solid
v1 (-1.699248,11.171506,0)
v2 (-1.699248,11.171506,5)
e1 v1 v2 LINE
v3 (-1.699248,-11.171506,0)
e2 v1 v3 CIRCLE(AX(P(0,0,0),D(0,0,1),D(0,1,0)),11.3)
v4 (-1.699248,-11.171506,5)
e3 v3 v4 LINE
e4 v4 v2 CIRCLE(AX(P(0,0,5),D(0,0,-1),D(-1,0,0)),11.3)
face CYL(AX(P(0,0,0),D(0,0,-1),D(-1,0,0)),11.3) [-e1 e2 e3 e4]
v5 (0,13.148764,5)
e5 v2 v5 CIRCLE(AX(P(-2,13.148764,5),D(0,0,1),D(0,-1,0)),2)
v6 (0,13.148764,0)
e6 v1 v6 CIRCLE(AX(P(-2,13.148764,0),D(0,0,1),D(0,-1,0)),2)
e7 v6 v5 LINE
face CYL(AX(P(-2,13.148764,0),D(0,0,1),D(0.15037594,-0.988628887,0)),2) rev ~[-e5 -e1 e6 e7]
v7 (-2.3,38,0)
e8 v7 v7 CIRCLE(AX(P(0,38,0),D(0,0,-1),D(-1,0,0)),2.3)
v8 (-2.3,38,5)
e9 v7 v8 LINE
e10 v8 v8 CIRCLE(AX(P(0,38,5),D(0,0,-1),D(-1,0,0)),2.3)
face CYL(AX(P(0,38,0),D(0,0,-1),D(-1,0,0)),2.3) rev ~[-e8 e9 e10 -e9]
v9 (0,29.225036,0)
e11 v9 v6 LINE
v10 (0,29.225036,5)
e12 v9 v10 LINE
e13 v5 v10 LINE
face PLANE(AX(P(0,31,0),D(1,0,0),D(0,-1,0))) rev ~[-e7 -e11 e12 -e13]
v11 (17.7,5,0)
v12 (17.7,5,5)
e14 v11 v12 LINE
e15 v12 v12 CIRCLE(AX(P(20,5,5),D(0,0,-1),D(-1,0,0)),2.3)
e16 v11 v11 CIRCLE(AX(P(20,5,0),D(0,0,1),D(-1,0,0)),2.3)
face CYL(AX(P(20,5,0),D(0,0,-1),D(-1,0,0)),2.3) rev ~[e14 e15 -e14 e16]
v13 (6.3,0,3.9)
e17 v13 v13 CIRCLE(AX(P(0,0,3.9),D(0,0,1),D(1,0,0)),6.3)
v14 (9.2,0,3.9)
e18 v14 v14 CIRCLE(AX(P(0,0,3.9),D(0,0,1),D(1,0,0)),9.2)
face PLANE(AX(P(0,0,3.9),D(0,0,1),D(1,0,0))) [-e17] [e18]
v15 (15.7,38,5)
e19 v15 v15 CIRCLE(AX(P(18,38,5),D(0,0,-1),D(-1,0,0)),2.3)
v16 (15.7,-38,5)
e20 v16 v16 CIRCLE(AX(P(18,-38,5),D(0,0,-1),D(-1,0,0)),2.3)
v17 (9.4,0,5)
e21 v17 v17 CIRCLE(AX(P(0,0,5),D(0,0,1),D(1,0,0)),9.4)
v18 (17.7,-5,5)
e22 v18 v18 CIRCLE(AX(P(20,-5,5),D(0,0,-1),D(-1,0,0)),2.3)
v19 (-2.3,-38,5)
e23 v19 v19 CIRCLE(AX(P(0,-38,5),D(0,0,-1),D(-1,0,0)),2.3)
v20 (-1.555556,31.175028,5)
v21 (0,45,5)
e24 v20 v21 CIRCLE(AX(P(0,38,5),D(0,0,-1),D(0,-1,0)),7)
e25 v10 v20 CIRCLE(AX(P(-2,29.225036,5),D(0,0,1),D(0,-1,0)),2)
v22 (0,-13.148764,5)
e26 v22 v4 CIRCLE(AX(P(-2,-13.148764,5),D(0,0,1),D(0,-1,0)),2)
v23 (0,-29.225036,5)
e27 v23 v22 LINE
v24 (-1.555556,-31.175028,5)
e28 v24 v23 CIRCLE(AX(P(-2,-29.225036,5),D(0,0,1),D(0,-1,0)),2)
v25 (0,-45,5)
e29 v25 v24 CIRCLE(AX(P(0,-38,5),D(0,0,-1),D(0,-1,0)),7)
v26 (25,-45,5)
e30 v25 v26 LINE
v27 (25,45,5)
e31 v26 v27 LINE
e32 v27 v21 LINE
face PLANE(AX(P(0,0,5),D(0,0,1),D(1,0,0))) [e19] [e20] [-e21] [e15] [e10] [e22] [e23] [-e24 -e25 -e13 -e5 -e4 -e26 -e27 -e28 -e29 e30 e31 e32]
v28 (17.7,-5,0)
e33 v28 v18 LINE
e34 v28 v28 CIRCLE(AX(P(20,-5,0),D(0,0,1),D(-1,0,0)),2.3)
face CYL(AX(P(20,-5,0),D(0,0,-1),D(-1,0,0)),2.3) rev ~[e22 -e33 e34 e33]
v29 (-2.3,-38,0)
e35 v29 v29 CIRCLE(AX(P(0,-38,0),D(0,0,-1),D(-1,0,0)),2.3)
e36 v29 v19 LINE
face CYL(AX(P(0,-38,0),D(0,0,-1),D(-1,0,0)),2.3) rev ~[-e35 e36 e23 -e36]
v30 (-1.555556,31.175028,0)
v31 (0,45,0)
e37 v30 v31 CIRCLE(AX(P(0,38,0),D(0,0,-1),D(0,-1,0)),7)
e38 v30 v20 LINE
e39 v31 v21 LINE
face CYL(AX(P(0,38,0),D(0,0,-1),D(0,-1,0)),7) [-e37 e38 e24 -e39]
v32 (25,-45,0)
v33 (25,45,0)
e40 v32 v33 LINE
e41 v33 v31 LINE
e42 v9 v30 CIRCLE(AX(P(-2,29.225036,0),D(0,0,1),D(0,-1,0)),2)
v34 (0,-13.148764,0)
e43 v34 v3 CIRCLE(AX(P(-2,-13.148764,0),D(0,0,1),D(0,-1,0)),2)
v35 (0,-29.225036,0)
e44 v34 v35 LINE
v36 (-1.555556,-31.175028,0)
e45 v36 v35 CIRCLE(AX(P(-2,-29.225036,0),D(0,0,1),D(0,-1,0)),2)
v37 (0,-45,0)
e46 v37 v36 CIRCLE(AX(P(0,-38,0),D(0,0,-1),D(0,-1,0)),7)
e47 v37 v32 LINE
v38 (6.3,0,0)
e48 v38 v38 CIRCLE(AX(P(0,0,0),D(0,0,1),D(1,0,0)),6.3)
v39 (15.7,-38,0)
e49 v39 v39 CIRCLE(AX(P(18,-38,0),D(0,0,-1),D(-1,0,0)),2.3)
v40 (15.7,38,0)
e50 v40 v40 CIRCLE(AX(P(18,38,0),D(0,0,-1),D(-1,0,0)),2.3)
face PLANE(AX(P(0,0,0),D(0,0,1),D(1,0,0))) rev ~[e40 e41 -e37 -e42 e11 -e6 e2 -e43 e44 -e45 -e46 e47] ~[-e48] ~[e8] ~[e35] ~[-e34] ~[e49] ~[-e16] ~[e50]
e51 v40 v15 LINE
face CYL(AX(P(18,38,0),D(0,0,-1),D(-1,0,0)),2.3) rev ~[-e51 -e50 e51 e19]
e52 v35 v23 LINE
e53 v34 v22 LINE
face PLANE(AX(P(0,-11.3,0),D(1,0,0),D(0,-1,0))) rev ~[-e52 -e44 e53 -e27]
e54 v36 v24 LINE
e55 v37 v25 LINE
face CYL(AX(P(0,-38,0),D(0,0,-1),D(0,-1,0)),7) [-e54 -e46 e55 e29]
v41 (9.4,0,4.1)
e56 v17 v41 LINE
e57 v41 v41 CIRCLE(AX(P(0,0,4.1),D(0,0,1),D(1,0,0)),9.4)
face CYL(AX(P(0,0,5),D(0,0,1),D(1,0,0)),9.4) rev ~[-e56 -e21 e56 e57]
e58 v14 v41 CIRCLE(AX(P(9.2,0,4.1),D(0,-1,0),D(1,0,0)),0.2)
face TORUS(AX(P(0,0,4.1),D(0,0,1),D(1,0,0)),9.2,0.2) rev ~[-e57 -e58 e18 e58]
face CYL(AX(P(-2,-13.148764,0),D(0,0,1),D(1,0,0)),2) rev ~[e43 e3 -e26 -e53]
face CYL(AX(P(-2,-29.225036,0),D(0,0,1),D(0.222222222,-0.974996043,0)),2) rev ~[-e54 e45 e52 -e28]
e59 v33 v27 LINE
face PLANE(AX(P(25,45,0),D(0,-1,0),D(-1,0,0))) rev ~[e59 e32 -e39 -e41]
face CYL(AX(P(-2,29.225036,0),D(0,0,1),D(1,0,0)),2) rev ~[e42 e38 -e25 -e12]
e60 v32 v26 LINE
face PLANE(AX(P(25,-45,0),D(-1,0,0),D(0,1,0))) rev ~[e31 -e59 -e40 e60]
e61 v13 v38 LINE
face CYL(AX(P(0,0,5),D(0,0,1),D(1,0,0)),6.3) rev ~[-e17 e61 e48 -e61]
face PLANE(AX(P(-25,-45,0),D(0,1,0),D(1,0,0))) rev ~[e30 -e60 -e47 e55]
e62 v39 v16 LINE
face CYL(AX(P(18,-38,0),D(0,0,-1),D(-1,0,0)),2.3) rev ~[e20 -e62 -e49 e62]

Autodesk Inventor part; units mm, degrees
ref_plane "YZ Plane" through (0, 0, 0) normal (1, 0, 0) x (0, 1, 0)
ref_plane "XZ Plane" through (0, 0, 0) normal (0, 1, 0) x (-1, 0, 0)
ref_plane "XY Plane" through (0, 0, 0) normal (0, 0, 1) x (1, 0, 0)
sketch "Sketch1" plane through (0, 0, 0) normal (0, 0, 1) x (1, 0, 0)
  circle A0 centre (0, 0) radius 20
  line L0 (-25, -45) -> (25, -45)
  line L1 (25, -45) -> (25, 45)
  line L2 (25, 45) -> (-25, 45)
  line L3 (-25, 45) -> (-25, -45)
  point P0 (-20, 0)
  point P1 (20, 0)
  dimension "d0" = 40
  dimension "d17" = 90
  dimension "d18" = 50
  dimension "d19" = 25
  dimension "d20" = 45
extrude "Extrusion1" add sketch "Sketch1" along normal blind 5 contours A0 | L3 L2 L1 L0
sketch "Sketch2" plane through (0, 0, 5) normal (0, 0, 1) x (1, 0, 0)
  line L0 (-25, 45) -> (-25, -45) projected
  line L1 (25, 45) -> (-25, 45) projected
  circle A0 centre (0, 0) radius 6.3
  dimension "d37" = 12.6
extrude "Extrusion2" cut sketch "Sketch2" against normal blind 5 from surface at 0
sketch "Sketch3" plane through (0, 0, 5) normal (0, 0, 1) x (1, 0, 0)
  circle A0 centre (0, 0) radius 4.5 projected
  circle A1 centre (0, 0) radius 9.4
  dimension "d6" = 18.8
extrude "Extrusion3" cut sketch "Sketch3" against normal blind 1.1
fillet "Fillet1" radius 0.2 1 edges at (-9.4, 0, 3.9)
sketch "Sketch4" plane through (0, 0, 0) normal (0, 0, -1) x (-1, 0, 0)
  circle A0 centre (18, 38) radius 2.3
  circle A1 centre (-18, 38) radius 2.3
  circle A2 centre (18, -38) radius 2.3
  circle A3 centre (-18, -38) radius 2.3
  line L0 (-25, 45) -> (25, 45) projected
  line L1 (25, -45) -> (-25, -45) projected
  line L2 (25, 45) -> (25, -45) projected
  line L3 (-25, -45) -> (-25, 45) projected
  circle A4 centre (-20, 5) radius 2.3
  circle A5 centre (-20, -5) radius 2.3
  line L4 (-20, 5) -> (-20, -5)
  circle A6 centre (0, 0) radius 6.3 projected
  circle A7 centre (0, 0) radius 11.3
  line L5 (0, 45) -> (0, 11.3) construction
  line L6 (0, -11.3) -> (0, -45) construction
  circle A8 centre (0, 38) radius 2.3
  circle A9 centre (0, -38) radius 2.3
  arc A10 (0, 31) -> (0, 45) centre (0, 38) ccw
  arc A11 (0, -45) -> (0, -31) centre (0, -38) ccw
  line L7 (0, 31) -> (0, 11.3)
  line L8 (0, -11.3) -> (0, -31)
  point P0 (-20, 0)
  dimension "d10" = 4.6
  dimension "d21" = 7
  dimension "d22" = 7
  dimension "d23" = 7
  dimension "d24" = 7
  dimension "d25" = 7
  dimension "d26" = 7
  dimension "d27" = 7
  dimension "d28" = 7
  dimension "d32" = 10
  dimension "d34" = 5
  dimension "d35" = 5
  dimension "d38" = 90
  dimension "d39" = 5
  dimension "d40" = 4.6
  dimension "d41" = 4.6
extrude "Extrusion4" cut sketch "Sketch4" against normal through all contours A0 | A1 | A2 | A3 | L0 L2 L1 A11 L8 A7 L7 A10 | A4 | A5 | A8 | A9
fillet "Fillet3" radius 2 4 edges at (0, 31, 2.5) (0, 11.3, 2.5) (0, -11.3, 2.5) (0, -31, 2.5)
equation "\"d19\" = 0.5 * d18"
equation "\"d20\" = 0.5 * d17"
equation "\"d22\" = d21"
equation "\"d23\" = d21"
equation "\"d24\" = d23"
equation "\"d26\" = d22"
equation "\"d27\" = d24"
equation "\"d28\" = d24"
equation "\"d40\" = d10"
equation "\"d41\" = d10"
properties part number "2113_Nut Stop Plate_V1" material "ABS Plastic"
